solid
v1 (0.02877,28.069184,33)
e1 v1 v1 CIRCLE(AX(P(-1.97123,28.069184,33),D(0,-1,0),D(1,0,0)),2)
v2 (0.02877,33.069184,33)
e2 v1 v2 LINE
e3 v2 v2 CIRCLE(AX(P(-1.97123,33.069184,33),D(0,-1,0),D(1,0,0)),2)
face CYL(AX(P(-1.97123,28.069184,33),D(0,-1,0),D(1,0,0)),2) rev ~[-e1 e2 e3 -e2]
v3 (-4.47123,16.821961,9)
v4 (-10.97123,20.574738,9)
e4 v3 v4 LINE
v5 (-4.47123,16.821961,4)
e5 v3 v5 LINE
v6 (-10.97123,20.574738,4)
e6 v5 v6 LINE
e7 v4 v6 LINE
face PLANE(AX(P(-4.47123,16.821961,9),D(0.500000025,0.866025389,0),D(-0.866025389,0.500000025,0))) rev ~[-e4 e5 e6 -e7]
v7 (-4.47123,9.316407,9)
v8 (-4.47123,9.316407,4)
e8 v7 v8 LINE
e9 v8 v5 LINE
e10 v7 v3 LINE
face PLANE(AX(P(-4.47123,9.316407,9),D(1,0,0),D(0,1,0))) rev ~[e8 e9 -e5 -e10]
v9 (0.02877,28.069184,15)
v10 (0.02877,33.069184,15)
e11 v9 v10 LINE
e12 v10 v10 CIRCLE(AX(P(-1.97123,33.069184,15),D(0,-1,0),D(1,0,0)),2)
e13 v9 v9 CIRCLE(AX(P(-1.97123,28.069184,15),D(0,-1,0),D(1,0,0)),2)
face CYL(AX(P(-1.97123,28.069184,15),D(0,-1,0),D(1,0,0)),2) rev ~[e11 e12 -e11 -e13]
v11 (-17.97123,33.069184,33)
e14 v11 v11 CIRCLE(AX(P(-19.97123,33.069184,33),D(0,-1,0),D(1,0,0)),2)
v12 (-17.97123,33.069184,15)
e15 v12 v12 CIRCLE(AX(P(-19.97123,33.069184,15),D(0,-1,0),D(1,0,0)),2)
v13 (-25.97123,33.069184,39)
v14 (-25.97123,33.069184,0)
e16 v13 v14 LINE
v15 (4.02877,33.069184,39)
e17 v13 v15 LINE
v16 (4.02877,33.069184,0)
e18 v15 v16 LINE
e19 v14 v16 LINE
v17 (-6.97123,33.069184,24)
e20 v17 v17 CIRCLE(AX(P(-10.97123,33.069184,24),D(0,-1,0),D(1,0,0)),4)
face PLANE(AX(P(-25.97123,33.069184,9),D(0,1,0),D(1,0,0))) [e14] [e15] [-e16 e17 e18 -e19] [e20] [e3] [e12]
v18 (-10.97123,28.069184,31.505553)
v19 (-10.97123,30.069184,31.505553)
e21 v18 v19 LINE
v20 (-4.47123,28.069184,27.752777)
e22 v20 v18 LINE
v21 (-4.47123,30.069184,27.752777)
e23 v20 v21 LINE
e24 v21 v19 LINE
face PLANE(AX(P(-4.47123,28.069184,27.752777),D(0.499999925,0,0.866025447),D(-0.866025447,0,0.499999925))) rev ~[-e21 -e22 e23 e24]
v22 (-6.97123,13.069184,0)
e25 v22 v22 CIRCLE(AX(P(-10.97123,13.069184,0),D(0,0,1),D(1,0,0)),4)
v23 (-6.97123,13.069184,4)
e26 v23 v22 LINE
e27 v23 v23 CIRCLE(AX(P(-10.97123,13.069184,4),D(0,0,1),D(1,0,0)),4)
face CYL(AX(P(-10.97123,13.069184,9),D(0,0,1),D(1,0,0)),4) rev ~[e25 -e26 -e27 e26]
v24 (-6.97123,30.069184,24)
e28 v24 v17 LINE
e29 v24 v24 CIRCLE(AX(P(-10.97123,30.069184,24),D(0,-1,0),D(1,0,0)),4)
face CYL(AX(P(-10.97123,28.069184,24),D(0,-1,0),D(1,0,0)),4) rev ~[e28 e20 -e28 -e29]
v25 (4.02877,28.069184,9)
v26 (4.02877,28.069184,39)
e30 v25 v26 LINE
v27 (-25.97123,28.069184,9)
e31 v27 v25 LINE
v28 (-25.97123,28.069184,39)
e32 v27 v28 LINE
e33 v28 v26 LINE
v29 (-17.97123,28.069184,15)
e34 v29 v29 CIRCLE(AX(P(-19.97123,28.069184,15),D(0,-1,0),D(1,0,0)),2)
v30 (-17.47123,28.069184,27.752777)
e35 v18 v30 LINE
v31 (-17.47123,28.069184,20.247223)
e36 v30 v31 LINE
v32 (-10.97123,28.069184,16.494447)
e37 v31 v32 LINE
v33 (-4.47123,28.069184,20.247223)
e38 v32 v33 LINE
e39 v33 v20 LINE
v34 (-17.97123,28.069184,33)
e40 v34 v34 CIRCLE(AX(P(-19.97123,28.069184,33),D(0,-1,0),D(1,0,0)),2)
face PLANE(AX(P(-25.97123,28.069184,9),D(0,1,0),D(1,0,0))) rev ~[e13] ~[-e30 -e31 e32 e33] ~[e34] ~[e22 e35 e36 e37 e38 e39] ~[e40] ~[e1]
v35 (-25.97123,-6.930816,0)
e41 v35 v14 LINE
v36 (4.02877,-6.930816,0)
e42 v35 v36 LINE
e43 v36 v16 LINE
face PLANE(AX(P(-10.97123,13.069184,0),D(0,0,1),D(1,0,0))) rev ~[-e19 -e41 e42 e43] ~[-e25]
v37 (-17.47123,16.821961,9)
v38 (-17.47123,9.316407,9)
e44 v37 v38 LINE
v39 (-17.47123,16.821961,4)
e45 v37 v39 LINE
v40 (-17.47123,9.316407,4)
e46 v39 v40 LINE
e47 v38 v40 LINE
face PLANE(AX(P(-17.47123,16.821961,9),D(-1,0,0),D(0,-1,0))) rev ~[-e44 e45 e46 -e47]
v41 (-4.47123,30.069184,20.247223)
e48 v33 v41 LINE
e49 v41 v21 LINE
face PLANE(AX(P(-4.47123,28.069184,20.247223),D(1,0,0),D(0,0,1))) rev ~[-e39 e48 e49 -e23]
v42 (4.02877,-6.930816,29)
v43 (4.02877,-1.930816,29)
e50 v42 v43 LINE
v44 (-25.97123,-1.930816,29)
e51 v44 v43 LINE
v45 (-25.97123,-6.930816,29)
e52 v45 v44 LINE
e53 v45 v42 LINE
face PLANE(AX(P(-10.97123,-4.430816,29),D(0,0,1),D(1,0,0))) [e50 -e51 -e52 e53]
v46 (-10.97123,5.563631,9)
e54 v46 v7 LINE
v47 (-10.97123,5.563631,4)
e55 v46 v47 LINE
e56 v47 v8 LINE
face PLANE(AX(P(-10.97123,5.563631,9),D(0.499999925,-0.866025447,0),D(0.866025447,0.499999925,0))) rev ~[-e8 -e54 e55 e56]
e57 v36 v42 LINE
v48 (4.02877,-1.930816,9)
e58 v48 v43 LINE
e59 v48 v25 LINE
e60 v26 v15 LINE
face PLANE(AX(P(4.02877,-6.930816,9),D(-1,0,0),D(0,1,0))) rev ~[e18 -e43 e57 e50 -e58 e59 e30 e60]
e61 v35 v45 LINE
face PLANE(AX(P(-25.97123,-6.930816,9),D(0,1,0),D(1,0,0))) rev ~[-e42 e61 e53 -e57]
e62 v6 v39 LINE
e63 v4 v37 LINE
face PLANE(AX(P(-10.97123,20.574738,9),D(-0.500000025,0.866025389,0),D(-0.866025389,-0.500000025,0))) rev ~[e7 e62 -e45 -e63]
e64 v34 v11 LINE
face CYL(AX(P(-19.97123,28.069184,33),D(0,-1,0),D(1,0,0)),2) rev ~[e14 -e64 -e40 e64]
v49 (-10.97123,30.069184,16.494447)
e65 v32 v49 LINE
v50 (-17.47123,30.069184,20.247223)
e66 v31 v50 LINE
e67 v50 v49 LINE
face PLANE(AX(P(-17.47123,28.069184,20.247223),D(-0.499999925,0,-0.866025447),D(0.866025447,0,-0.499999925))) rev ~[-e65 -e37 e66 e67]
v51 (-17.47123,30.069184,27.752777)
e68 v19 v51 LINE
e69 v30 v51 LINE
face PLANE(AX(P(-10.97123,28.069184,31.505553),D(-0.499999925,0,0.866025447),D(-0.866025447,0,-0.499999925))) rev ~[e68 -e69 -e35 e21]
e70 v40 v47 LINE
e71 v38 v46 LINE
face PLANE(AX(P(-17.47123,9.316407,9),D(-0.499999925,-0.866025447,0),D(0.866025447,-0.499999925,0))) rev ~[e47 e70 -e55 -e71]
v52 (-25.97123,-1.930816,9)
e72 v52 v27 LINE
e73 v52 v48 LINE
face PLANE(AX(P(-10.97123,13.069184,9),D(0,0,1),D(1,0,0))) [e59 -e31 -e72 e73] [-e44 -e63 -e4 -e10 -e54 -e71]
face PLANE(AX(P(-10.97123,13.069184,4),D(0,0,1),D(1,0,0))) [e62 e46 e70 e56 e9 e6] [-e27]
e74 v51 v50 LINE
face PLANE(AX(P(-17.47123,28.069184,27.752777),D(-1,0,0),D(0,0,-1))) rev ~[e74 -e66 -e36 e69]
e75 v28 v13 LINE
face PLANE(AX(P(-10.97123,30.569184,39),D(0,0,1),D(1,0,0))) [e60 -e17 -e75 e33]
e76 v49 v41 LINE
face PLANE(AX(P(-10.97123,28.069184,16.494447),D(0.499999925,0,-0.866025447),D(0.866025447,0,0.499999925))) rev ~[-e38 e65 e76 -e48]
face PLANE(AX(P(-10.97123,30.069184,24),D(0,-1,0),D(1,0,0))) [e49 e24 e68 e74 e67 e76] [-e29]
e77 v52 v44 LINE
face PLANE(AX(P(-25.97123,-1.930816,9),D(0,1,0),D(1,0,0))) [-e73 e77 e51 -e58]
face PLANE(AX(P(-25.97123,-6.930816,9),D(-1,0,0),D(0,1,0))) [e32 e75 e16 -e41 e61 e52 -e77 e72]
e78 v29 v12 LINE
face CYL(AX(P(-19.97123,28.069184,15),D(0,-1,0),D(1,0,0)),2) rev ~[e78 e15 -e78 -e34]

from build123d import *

# Parameters (mm, degrees)
SKETCH_W        = 30
SKETCH_H        = 40
PAD_DEPTH       = 9
SKETCH002_W     = 30
SKETCH002_H     = 5
PAD001_DEPTH    = 30
SKETCH003_R     = 2
SKETCH003_R_2   = 4
POCKET_DEPTH    = 5.001
POCKET001_DEPTH = 2
SKETCH007_W     = 30
SKETCH007_H     = 5
PAD002_DEPTH    = 20
SKETCH008_R     = 4
POCKET002_DEPTH = 9.001
POCKET003_DEPTH = 5


with BuildPart() as part:
    # Sketch → Pad (new body)
    with BuildSketch(Plane.XY):
        with Locations((-10.97123, 13.069184)):
            Rectangle(SKETCH_W, SKETCH_H)
    extrude(amount=PAD_DEPTH)

    # Sketch002 (on Face6 of Pad) → Pad001 (join)
    with BuildSketch(Plane.XY.offset(9)):
        with Locations((-10.97123, 30.569184)):
            Rectangle(SKETCH002_W, SKETCH002_H)
    extrude(amount=PAD001_DEPTH)

    # Sketch003 (on Face11 of Pad001) → Pocket (cut, through all)
    with BuildSketch(Plane.XZ.offset(-28.069184)):
        with Locations((-1.97123, 33)):
            Circle(SKETCH003_R)
        with Locations((-19.97123, 33)):
            Circle(SKETCH003_R)
        with Locations((-19.97123, 15)):
            Circle(SKETCH003_R)
        with Locations((-1.97123, 15)):
            Circle(SKETCH003_R)
        with Locations((-10.97123, 24)):
            Circle(SKETCH003_R_2)
    extrude(amount=-POCKET_DEPTH, mode=Mode.SUBTRACT)

    # Sketch005 (on Face16 of Pocket) → Pocket001 (cut)
    with BuildSketch(Plane.XZ.offset(-28.069184)):
        Polygon((-4.47123, 27.752777), (-10.97123, 31.505553), (-17.47123, 27.752777), (-17.47123, 20.247223), (-10.97123, 16.494447), (-4.47123, 20.247223), align=None)
    extrude(amount=-POCKET001_DEPTH, mode=Mode.SUBTRACT)

    # Sketch007 (on Face7 of Pocket001) → Pad002 (join)
    with BuildSketch(Plane.XY.offset(9)):
        with Locations((-10.97123, -4.430816)):
            Rectangle(SKETCH007_W, SKETCH007_H)
    extrude(amount=PAD002_DEPTH)

    # Sketch008 (on Face8 of Pad002) → Pocket002 (cut, through all)
    with BuildSketch(Plane.XY.offset(9)):
        with Locations((-10.97123, 13.069184)):
            Circle(SKETCH008_R)
    extrude(amount=-POCKET002_DEPTH, mode=Mode.SUBTRACT)

    # Sketch009 (on Face8 of Pocket002) → Pocket003 (cut)
    with BuildSketch(Plane.XY.offset(9)):
        Polygon((-4.47123, 16.821961), (-10.97123, 20.574738), (-17.47123, 16.821961), (-17.47123, 9.316407), (-10.97123, 5.563631), (-4.47123, 9.316407), align=None)
    extrude(amount=-POCKET003_DEPTH, mode=Mode.SUBTRACT)


solid = part.part
